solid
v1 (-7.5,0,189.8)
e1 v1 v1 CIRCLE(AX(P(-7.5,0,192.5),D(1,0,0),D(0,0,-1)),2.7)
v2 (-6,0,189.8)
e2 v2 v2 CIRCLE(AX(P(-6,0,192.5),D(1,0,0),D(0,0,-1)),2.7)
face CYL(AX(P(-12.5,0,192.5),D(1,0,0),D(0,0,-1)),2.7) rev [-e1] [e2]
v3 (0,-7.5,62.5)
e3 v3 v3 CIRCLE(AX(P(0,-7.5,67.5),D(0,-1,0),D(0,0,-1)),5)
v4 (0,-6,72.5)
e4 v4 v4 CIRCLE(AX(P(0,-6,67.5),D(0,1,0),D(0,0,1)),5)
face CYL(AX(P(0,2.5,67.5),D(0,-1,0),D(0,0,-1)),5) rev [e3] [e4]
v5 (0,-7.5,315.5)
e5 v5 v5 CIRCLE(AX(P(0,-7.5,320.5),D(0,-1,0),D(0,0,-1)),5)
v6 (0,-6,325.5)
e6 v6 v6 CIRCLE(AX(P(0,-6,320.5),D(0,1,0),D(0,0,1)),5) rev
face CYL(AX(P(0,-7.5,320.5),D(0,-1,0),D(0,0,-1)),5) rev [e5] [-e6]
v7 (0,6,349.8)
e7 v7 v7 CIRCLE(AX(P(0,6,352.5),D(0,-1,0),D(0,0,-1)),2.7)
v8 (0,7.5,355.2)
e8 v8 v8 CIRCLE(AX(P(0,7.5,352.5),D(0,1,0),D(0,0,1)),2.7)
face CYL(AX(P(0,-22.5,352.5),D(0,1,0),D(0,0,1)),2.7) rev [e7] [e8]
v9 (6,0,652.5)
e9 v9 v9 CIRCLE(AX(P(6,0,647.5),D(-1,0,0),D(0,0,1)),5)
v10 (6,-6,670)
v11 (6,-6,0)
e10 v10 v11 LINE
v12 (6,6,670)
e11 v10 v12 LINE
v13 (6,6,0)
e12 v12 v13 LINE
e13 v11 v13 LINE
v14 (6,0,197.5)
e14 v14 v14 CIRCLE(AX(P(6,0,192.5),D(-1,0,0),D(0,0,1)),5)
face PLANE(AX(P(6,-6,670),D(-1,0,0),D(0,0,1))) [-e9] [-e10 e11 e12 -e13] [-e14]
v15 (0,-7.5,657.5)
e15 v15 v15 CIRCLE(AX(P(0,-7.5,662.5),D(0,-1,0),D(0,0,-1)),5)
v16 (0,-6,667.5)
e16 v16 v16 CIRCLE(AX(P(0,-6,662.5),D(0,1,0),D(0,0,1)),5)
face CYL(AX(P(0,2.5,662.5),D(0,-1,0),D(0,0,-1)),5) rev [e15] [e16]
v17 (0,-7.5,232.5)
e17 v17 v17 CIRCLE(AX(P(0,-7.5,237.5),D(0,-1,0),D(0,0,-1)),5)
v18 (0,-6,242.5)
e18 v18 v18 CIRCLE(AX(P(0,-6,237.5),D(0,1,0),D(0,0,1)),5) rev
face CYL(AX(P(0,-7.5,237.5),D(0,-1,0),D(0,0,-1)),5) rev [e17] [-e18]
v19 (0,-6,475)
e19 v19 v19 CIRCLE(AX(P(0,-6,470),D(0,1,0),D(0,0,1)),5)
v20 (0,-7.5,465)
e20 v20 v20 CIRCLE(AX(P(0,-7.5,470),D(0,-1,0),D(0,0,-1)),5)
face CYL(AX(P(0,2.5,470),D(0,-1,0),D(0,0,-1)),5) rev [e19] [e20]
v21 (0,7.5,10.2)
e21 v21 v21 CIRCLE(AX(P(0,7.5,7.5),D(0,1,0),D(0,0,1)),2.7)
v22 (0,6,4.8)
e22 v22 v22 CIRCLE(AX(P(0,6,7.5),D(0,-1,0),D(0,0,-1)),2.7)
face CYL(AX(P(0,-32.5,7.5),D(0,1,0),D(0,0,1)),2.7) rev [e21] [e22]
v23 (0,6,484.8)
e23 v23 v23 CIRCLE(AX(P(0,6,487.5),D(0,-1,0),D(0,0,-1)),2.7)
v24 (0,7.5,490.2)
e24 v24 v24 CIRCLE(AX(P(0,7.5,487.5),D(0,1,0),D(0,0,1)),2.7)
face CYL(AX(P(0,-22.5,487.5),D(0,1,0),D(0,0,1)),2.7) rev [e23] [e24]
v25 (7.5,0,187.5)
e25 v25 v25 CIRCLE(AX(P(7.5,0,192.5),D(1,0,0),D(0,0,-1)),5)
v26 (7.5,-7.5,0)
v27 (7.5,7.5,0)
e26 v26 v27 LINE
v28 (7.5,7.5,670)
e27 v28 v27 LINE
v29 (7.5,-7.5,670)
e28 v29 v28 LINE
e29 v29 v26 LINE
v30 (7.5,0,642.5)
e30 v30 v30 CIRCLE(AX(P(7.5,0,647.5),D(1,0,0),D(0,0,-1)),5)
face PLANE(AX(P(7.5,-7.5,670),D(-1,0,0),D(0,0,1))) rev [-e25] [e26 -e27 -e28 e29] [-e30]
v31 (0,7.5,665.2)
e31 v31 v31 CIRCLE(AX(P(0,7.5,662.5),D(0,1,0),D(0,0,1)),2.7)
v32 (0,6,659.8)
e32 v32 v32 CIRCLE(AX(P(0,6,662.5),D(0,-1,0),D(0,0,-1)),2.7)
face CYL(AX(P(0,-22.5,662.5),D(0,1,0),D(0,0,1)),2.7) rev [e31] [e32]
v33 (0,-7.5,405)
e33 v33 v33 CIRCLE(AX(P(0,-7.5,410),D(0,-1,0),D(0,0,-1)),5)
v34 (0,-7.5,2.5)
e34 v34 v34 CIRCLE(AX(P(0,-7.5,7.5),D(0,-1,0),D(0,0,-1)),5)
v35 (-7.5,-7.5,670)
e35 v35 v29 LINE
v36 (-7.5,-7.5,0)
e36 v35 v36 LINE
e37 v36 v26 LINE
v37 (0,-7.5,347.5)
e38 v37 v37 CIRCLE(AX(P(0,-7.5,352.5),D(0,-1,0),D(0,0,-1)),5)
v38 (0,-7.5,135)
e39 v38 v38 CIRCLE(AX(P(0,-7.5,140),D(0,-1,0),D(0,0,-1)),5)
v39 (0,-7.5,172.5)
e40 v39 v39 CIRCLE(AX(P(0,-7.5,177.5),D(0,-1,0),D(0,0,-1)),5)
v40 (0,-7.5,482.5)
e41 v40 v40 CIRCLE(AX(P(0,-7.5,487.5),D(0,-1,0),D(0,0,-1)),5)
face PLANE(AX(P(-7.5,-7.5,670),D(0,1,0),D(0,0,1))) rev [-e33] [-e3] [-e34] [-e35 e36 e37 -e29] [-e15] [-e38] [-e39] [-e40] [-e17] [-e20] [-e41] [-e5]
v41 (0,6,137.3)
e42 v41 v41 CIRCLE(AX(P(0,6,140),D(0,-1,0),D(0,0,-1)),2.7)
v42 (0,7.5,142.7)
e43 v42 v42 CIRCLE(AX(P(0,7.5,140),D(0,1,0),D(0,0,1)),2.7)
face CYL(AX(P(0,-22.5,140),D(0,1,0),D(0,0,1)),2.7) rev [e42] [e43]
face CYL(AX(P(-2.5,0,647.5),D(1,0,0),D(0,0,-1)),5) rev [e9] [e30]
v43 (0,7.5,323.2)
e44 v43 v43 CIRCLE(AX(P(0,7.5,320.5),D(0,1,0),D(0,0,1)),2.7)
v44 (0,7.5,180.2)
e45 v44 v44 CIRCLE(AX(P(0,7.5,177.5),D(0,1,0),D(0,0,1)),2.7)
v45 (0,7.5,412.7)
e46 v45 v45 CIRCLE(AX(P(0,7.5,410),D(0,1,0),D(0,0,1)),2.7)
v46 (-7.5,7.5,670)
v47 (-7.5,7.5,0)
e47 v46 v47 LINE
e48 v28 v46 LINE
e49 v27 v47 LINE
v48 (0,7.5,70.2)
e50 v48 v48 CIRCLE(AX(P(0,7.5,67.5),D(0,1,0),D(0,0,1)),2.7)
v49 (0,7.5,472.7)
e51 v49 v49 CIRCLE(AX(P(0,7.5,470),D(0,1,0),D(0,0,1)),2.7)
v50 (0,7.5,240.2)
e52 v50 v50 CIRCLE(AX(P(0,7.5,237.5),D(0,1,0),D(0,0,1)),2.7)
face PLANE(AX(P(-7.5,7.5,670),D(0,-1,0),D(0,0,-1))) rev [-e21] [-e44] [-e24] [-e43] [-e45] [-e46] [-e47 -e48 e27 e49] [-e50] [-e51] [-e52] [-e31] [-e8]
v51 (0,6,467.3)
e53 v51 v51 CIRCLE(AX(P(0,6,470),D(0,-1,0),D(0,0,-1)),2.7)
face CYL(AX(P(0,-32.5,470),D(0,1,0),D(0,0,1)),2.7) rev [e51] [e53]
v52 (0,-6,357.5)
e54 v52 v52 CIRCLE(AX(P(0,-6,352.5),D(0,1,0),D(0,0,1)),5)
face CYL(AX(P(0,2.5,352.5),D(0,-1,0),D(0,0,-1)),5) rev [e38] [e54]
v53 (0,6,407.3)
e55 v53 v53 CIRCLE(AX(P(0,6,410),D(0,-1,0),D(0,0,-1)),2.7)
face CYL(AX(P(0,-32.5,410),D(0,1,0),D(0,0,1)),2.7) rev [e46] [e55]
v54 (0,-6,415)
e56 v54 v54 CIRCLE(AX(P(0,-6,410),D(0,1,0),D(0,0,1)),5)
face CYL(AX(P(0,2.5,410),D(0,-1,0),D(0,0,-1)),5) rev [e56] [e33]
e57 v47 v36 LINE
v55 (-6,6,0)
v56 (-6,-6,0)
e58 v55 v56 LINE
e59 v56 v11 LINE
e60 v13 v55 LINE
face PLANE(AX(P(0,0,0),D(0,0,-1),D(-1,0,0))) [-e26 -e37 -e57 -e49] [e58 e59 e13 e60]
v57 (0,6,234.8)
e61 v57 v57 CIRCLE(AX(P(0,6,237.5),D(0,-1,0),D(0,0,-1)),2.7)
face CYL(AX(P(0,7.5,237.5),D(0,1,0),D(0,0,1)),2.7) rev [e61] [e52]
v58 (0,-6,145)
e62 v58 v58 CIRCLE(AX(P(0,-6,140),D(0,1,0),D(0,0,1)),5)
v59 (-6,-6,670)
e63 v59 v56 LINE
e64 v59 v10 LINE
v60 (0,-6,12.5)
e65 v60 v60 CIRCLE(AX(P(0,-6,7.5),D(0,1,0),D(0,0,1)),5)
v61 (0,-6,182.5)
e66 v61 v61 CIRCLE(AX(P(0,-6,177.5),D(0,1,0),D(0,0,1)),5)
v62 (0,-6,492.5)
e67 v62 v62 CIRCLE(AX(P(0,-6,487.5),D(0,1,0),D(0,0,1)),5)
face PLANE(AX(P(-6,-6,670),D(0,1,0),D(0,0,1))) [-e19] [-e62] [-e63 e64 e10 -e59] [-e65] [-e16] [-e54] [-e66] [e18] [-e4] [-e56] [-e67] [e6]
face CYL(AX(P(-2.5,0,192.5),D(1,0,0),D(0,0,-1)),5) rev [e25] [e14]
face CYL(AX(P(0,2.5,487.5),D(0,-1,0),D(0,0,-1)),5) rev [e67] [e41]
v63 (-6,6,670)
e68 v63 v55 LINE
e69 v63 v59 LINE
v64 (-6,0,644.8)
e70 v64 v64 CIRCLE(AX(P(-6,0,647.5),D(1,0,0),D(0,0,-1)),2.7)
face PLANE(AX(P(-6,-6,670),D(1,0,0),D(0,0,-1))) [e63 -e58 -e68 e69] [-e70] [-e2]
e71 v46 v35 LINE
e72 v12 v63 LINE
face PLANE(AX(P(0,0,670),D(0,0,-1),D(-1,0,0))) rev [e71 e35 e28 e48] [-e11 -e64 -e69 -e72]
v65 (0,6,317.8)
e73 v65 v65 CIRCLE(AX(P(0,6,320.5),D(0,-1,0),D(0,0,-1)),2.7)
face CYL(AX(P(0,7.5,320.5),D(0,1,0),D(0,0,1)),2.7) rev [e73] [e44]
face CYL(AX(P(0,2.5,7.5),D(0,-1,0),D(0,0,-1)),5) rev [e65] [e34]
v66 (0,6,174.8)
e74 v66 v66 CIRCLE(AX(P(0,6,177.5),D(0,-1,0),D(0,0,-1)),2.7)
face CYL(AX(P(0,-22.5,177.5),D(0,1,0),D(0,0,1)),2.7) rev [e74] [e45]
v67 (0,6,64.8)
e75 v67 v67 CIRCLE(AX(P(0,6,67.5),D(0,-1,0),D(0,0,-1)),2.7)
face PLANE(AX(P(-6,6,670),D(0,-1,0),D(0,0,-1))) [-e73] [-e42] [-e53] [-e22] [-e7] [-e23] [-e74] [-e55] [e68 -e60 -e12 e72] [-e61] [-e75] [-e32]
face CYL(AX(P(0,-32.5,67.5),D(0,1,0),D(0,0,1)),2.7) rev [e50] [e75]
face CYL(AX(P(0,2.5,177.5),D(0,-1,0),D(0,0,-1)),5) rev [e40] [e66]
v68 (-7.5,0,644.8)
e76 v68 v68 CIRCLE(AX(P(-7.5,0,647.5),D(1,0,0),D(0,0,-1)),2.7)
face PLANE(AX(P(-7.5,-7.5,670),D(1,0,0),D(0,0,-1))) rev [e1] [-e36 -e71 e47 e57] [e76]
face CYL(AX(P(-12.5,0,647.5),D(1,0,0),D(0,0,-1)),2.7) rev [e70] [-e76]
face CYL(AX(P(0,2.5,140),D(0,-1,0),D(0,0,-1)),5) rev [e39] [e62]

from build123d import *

# Parameters (mm, degrees)
SKETCH_1_W                  = 15
SKETCH_1_H                  = 15
SKETCH_1_W_2                = 12
SKETCH_1_H_2                = 12
EXTRUDE_1_DEPTH             = 670
SKETCH_4_R                  = 2.7
CUT_EXTRUDE_3_DEPTH         = 20
SKETCH_3_R                  = 2.7
CUT_EXTRUDE_4_DEPTH         = 30
SKETCH_5_R                  = 2.7
CUT_EXTRUDE_5_DEPTH         = 40
SKETCH_6_R                  = 5
CUT_EXTRUDE_6_DEPTH         = 10
SKETCH_7_R                  = 5
CUT_EXTRUDE_7_DEPTH         = 10
HOLE_WIZARD_5_4_5_4_1_D     = 5.4
HOLE_WIZARD_10_0_10_1_D     = 10
HOLE_WIZARD_10_0_10_1_DEPTH = 1.5
HOLE_WIZARD_10_0_10_1_TIP   = 3.004303095


with BuildPart() as part:
    # ｽｹｯﾁ1 → ﾎﾞｽ - 押し出し1 (new body)
    with BuildSketch(Plane.XY):
        Rectangle(SKETCH_1_W, SKETCH_1_H)
        Rectangle(SKETCH_1_W_2, SKETCH_1_H_2, mode=Mode.SUBTRACT)
    extrude(amount=EXTRUDE_1_DEPTH)

    # ｽｹｯﾁ4 → ｶｯﾄ - 押し出し3 (cut)
    with BuildSketch(Plane(origin=(7.5, 0, 0), x_dir=(0, 0, -1), z_dir=(1, 0, 0))):
        with Locations((-647.5, 0)):
            Circle(SKETCH_4_R)
        with Locations((-192.5, 0)):
            Circle(SKETCH_4_R)
    extrude(amount=-CUT_EXTRUDE_3_DEPTH, mode=Mode.SUBTRACT)

    # ｽｹｯﾁ3 → ｶｯﾄ - 押し出し4 (cut)
    with BuildSketch(Plane(origin=(0, 7.5, 0), x_dir=(1, 0, 0), z_dir=(0, 1, 0))):
        with Locations((0, -177.5)):
            Circle(SKETCH_3_R)
        with Locations((0, -487.5)):
            Circle(SKETCH_3_R)
        with Locations((0, -352.5)):
            Circle(SKETCH_3_R)
        with Locations((0, -662.5)):
            Circle(SKETCH_3_R)
        with Locations((0, -140)):
            Circle(SKETCH_3_R)
    extrude(amount=-CUT_EXTRUDE_4_DEPTH, mode=Mode.SUBTRACT)

    # ｽｹｯﾁ5 → ｶｯﾄ - 押し出し5 (cut)
    with BuildSketch(Plane(origin=(0, 7.5, 0), x_dir=(1, 0, 0), z_dir=(0, 1, 0))):
        with Locations((0, -7.5)):
            Circle(SKETCH_5_R)
        with Locations((0, -67.5)):
            Circle(SKETCH_5_R)
        with Locations((0, -410)):
            Circle(SKETCH_5_R)
        with Locations((0, -470)):
            Circle(SKETCH_5_R)
    extrude(amount=-CUT_EXTRUDE_5_DEPTH, mode=Mode.SUBTRACT)

    # ｽｹｯﾁ6 → ｶｯﾄ - 押し出し6 (cut)
    with BuildSketch(Plane(origin=(0, -7.5, 0), x_dir=(-1, 0, 0), z_dir=(0, -1, 0))):
        with Locations((0, -662.5)):
            Circle(SKETCH_6_R)
        with Locations((0, -177.5)):
            Circle(SKETCH_6_R)
        with Locations((0, -352.5)):
            Circle(SKETCH_6_R)
        with Locations((0, -487.5)):
            Circle(SKETCH_6_R)
        with Locations((0, -470)):
            Circle(SKETCH_6_R)
        with Locations((0, -410)):
            Circle(SKETCH_6_R)
        with Locations((0, -67.5)):
            Circle(SKETCH_6_R)
        with Locations((0, -7.5)):
            Circle(SKETCH_6_R)
        with Locations((0, -140)):
            Circle(SKETCH_6_R)
    extrude(amount=-CUT_EXTRUDE_6_DEPTH, mode=Mode.SUBTRACT)

    # ｽｹｯﾁ7 → ｶｯﾄ - 押し出し7 (cut)
    with BuildSketch(Plane(origin=(7.5, 0, 0), x_dir=(0, 0, -1), z_dir=(1, 0, 0))):
        with Locations((-647.5, 0)):
            Circle(SKETCH_7_R)
        with Locations((-192.5, 0)):
            Circle(SKETCH_7_R)
    extrude(amount=-CUT_EXTRUDE_7_DEPTH, mode=Mode.SUBTRACT)

    # Ø5.4 (5.4) 直径の穴1 (through all)
    with Locations(Plane(origin=(0, 7.5, 0), x_dir=(1, 0, 0), z_dir=(0, 1, 0))):
        with Locations((0, -237.5), (0, -320.5)):
            Hole(HOLE_WIZARD_5_4_5_4_1_D / 2)

    # Ø10.0 (10) 直径の穴1
    with Locations(Plane(origin=(0, -7.5, 0), x_dir=(-1, 0, 0), z_dir=(0, -1, 0))):
        with Locations((0, -237.5), (0, -320.5)):
            Hole(HOLE_WIZARD_10_0_10_1_D / 2, depth=HOLE_WIZARD_10_0_10_1_DEPTH)
            with Locations((0, 0, -(HOLE_WIZARD_10_0_10_1_DEPTH + HOLE_WIZARD_10_0_10_1_TIP / 2))):  # 118° drill point
                Cone(0, HOLE_WIZARD_10_0_10_1_D / 2, HOLE_WIZARD_10_0_10_1_TIP, mode=Mode.SUBTRACT)


solid = part.part
